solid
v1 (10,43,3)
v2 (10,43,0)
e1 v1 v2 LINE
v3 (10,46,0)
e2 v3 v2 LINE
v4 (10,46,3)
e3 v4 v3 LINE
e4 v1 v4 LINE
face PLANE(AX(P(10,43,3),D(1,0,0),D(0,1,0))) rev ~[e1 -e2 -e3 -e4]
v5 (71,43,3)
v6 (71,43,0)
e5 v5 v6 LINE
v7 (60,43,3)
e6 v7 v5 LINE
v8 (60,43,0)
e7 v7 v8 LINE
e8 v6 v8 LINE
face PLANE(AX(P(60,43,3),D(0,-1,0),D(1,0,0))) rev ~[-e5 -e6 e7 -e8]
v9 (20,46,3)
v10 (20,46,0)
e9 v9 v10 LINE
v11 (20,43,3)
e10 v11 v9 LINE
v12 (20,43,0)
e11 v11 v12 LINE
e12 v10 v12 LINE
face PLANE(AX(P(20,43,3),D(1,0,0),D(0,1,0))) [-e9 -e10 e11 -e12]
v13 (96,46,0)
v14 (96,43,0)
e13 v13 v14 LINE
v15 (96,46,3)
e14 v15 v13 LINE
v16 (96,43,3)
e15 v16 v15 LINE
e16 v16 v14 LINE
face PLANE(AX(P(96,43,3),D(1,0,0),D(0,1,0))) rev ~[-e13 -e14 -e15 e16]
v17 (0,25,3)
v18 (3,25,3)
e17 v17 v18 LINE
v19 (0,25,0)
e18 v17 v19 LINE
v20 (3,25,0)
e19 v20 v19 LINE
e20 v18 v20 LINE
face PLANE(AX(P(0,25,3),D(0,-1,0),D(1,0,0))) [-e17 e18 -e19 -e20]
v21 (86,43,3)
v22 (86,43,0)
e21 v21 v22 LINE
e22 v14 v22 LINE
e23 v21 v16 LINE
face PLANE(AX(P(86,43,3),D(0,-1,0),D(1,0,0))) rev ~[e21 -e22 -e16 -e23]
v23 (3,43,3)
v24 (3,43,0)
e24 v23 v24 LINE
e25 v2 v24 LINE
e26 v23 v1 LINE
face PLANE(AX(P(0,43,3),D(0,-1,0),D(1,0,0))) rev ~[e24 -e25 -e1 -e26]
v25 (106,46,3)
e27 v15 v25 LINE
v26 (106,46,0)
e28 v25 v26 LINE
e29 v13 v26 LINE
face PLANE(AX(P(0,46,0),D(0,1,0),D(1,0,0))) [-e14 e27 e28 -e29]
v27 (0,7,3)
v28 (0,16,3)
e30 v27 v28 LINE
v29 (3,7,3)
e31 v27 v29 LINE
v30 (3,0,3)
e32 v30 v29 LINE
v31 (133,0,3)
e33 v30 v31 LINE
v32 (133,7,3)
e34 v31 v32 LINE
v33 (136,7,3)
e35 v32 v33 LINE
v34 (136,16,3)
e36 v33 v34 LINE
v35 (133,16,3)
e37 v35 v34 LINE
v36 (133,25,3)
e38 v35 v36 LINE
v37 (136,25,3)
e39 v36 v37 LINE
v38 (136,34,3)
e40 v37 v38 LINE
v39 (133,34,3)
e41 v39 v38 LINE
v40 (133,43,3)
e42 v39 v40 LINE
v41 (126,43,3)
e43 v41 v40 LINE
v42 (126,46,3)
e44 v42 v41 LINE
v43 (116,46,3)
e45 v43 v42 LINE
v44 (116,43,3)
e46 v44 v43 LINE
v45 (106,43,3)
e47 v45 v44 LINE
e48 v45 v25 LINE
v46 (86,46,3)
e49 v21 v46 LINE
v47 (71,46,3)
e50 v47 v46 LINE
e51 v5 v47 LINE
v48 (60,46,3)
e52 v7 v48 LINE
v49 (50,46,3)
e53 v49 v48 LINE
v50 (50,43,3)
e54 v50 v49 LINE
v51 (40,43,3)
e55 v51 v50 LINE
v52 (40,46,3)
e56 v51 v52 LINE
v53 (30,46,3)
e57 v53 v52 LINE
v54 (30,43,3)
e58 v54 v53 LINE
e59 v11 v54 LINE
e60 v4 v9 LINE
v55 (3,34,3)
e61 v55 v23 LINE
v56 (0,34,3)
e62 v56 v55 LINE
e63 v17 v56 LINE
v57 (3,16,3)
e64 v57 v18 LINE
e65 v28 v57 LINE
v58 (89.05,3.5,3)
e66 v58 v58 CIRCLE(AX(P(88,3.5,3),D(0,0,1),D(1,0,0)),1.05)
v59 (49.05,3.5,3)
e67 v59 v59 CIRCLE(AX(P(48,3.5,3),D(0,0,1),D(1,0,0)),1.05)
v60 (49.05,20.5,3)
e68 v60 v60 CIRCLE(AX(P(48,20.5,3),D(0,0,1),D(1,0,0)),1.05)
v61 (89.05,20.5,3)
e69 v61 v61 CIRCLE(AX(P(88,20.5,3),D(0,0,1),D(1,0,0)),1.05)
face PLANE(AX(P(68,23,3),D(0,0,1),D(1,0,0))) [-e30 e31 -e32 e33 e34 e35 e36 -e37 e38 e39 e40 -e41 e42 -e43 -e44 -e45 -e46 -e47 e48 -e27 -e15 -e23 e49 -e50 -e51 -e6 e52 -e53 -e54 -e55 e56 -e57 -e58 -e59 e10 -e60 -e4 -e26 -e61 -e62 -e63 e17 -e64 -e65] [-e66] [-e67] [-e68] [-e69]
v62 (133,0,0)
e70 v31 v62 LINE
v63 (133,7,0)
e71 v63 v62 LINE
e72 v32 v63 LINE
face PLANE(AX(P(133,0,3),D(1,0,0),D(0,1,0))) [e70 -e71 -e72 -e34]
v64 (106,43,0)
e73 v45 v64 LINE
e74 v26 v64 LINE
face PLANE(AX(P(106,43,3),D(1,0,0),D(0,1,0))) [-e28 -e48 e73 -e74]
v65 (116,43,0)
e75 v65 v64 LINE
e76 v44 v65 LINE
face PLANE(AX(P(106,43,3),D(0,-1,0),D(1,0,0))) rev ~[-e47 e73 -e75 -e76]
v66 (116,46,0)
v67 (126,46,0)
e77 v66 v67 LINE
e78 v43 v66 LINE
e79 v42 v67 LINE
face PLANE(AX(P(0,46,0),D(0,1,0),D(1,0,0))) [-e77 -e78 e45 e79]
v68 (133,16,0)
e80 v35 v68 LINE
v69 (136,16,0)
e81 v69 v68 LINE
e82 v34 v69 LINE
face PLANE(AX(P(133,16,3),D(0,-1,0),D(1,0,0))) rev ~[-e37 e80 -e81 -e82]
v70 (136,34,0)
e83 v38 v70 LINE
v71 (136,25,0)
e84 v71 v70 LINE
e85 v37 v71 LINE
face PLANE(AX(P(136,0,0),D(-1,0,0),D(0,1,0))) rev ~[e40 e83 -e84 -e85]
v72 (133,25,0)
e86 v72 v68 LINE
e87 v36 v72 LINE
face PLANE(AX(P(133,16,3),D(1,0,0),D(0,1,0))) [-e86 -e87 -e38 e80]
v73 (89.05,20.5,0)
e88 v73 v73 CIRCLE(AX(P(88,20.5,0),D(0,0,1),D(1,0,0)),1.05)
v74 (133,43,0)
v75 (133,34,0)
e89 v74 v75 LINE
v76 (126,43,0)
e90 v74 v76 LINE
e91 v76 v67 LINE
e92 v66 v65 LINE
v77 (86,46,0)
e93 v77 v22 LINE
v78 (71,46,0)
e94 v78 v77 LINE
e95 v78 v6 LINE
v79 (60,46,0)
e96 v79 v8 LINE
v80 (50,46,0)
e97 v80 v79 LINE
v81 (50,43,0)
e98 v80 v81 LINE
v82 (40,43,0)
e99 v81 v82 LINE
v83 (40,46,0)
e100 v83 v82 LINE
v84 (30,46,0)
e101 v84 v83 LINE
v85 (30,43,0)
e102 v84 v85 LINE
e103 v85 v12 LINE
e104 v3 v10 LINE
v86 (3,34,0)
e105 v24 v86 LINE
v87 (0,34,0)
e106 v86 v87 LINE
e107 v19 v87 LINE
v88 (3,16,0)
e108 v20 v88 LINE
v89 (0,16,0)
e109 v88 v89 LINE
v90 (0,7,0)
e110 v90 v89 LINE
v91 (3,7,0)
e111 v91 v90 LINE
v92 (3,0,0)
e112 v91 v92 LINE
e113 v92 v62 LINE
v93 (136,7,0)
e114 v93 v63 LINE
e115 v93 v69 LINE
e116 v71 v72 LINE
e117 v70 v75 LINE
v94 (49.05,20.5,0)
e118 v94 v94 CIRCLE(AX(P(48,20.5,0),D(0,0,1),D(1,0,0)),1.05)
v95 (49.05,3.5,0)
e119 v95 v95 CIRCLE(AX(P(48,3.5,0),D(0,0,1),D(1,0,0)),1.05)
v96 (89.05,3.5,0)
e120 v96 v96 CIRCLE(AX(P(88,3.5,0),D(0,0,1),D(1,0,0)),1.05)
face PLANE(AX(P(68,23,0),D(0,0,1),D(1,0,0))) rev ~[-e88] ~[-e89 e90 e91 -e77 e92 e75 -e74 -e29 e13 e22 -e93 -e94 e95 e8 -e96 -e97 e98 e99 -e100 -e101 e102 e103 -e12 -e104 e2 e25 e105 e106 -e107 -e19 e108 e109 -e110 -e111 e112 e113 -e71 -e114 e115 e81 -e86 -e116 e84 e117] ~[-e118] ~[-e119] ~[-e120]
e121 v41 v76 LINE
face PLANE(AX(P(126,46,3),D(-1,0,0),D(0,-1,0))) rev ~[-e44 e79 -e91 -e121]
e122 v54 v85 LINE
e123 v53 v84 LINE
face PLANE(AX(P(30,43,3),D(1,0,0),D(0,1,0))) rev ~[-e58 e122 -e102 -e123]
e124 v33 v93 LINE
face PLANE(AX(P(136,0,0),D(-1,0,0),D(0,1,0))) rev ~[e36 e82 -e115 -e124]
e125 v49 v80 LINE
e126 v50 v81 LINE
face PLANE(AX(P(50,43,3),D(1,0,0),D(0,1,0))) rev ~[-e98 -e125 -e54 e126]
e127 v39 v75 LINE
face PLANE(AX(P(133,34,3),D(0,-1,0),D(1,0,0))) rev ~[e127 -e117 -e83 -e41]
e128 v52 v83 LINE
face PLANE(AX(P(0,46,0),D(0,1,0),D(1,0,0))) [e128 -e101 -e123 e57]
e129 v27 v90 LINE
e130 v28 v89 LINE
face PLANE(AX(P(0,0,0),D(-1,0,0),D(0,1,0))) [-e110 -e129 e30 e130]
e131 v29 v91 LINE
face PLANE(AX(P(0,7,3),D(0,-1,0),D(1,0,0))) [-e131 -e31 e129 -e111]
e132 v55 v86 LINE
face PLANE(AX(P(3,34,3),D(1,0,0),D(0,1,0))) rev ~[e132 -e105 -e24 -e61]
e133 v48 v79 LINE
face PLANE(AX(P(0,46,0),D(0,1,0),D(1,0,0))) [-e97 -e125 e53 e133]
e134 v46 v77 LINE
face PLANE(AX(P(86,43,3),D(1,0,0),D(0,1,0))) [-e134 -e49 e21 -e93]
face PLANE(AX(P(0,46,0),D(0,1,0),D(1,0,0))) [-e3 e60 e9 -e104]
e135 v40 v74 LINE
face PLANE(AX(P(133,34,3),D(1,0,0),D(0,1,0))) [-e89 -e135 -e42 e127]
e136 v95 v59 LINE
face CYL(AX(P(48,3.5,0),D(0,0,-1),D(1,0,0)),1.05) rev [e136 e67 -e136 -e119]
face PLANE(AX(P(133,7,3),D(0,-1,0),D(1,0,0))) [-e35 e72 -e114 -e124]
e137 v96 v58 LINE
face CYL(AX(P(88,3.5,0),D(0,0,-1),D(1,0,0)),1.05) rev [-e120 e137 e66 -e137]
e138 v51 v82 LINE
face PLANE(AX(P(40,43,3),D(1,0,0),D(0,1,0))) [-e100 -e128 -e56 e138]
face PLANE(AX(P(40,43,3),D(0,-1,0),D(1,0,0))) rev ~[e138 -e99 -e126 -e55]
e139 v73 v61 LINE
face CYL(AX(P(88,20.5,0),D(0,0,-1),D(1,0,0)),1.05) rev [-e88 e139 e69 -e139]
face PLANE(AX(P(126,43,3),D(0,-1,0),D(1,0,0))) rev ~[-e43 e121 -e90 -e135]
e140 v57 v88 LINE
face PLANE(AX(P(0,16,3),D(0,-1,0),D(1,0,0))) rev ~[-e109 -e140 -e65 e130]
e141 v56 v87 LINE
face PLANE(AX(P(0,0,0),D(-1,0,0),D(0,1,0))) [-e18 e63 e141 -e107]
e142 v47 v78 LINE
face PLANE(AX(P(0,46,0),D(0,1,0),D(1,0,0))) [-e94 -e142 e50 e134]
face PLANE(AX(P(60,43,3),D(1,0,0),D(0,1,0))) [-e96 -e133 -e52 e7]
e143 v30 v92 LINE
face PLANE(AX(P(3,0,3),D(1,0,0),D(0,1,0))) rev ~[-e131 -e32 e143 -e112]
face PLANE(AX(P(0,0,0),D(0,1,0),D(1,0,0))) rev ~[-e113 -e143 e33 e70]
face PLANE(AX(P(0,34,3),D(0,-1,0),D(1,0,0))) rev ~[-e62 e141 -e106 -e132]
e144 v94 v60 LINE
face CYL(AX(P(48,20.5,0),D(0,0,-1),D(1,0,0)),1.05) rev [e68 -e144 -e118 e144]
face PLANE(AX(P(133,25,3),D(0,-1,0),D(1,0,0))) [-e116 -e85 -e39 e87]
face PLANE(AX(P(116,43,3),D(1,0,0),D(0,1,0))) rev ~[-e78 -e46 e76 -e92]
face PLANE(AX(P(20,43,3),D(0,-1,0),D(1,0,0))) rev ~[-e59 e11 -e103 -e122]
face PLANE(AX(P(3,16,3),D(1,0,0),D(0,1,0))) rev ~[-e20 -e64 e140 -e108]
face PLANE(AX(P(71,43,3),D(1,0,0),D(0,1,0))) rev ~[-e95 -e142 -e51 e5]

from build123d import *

# Parameters (mm, degrees)
SKETCH1_W           = 136
SKETCH1_H           = 46
SKETCH1_R           = 1.05
BOSS_EXTRUDE1_DEPTH = 3
CUT_EXTRUDE1_REACH  = 5
SKETCH4_W           = 3
SKETCH4_H           = 9
SKETCH4_H_2         = 7
SKETCH4_W_2         = 10
SKETCH4_H_3         = 3
SKETCH4_W_3         = 11


with BuildPart() as part:
    # Sketch1 → Boss-Extrude1 (new body)
    with BuildSketch(Plane.XY):
        with Locations((68, 23)):
            Rectangle(SKETCH1_W, SKETCH1_H)
        with Locations((88, 20.5)):
            Circle(SKETCH1_R, mode=Mode.SUBTRACT)
        with Locations((48, 20.5)):
            Circle(SKETCH1_R, mode=Mode.SUBTRACT)
        with Locations((48, 3.5)):
            Circle(SKETCH1_R, mode=Mode.SUBTRACT)
        with Locations((88, 3.5)):
            Circle(SKETCH1_R, mode=Mode.SUBTRACT)
    extrude(amount=BOSS_EXTRUDE1_DEPTH)

    # Sketch4 → Cut-Extrude1 (cut, up to next)
    with BuildSketch(Plane.XY.offset(3), mode=Mode.PRIVATE) as cut_extrude1_sk1:
        Polygon((0, 46), (0, 43), (3, 43), (10, 43), (10, 46), align=None)
    cut_extrude1_tool1 = extrude(cut_extrude1_sk1.sketch, amount=-CUT_EXTRUDE1_REACH, mode=Mode.PRIVATE) & part.part
    add(cut_extrude1_tool1.solids().sort_by_distance((5, 44.5, 3))[0], mode=Mode.SUBTRACT)
    # Sketch4 → Cut-Extrude1 (cut, up to next)
    with BuildSketch(Plane.XY.offset(3), mode=Mode.PRIVATE) as cut_extrude1_sk2:
        with Locations((1.5, 38.5)):
            Rectangle(SKETCH4_W, SKETCH4_H)
    cut_extrude1_tool2 = extrude(cut_extrude1_sk2.sketch, amount=-CUT_EXTRUDE1_REACH, mode=Mode.PRIVATE) & part.part
    add(cut_extrude1_tool2.solids().sort_by_distance((1.5, 38.5, 3))[0], mode=Mode.SUBTRACT)
    # Sketch4 → Cut-Extrude1 (cut, up to next)
    with BuildSketch(Plane.XY.offset(3), mode=Mode.PRIVATE) as cut_extrude1_sk3:
        with Locations((1.5, 20.5)):
            Rectangle(SKETCH4_W, SKETCH4_H)
    cut_extrude1_tool3 = extrude(cut_extrude1_sk3.sketch, amount=-CUT_EXTRUDE1_REACH, mode=Mode.PRIVATE) & part.part
    add(cut_extrude1_tool3.solids().sort_by_distance((1.5, 20.5, 3))[0], mode=Mode.SUBTRACT)
    # Sketch4 → Cut-Extrude1 (cut, up to next)
    with BuildSketch(Plane.XY.offset(3), mode=Mode.PRIVATE) as cut_extrude1_sk4:
        with Locations((1.5, 3.5)):
            Rectangle(SKETCH4_W, SKETCH4_H_2)
    cut_extrude1_tool4 = extrude(cut_extrude1_sk4.sketch, amount=-CUT_EXTRUDE1_REACH, mode=Mode.PRIVATE) & part.part
    add(cut_extrude1_tool4.solids().sort_by_distance((1.5, 3.5, 3))[0], mode=Mode.SUBTRACT)
    # Sketch4 → Cut-Extrude1 (cut, up to next)
    with BuildSketch(Plane.XY.offset(3), mode=Mode.PRIVATE) as cut_extrude1_sk5:
        with Locations((25, 44.5)):
            Rectangle(SKETCH4_W_2, SKETCH4_H_3)
    cut_extrude1_tool5 = extrude(cut_extrude1_sk5.sketch, amount=-CUT_EXTRUDE1_REACH, mode=Mode.PRIVATE) & part.part
    add(cut_extrude1_tool5.solids().sort_by_distance((25, 44.5, 3))[0], mode=Mode.SUBTRACT)
    # Sketch4 → Cut-Extrude1 (cut, up to next)
    with BuildSketch(Plane.XY.offset(3), mode=Mode.PRIVATE) as cut_extrude1_sk6:
        with Locations((45, 44.5)):
            Rectangle(SKETCH4_W_2, SKETCH4_H_3)
    cut_extrude1_tool6 = extrude(cut_extrude1_sk6.sketch, amount=-CUT_EXTRUDE1_REACH, mode=Mode.PRIVATE) & part.part
    add(cut_extrude1_tool6.solids().sort_by_distance((45, 44.5, 3))[0], mode=Mode.SUBTRACT)
    # Sketch4 → Cut-Extrude1 (cut, up to next)
    with BuildSketch(Plane.XY.offset(3), mode=Mode.PRIVATE) as cut_extrude1_sk7:
        with Locations((65.5, 44.5)):
            Rectangle(SKETCH4_W_3, SKETCH4_H_3)
    cut_extrude1_tool7 = extrude(cut_extrude1_sk7.sketch, amount=-CUT_EXTRUDE1_REACH, mode=Mode.PRIVATE) & part.part
    add(cut_extrude1_tool7.solids().sort_by_distance((65.5, 44.5, 3))[0], mode=Mode.SUBTRACT)
    # Sketch4 → Cut-Extrude1 (cut, up to next)
    with BuildSketch(Plane.XY.offset(3), mode=Mode.PRIVATE) as cut_extrude1_sk8:
        with Locations((91, 44.5)):
            Rectangle(SKETCH4_W_2, SKETCH4_H_3)
    cut_extrude1_tool8 = extrude(cut_extrude1_sk8.sketch, amount=-CUT_EXTRUDE1_REACH, mode=Mode.PRIVATE) & part.part
    add(cut_extrude1_tool8.solids().sort_by_distance((91, 44.5, 3))[0], mode=Mode.SUBTRACT)
    # Sketch4 → Cut-Extrude1 (cut, up to next)
    with BuildSketch(Plane.XY.offset(3), mode=Mode.PRIVATE) as cut_extrude1_sk9:
        with Locations((111, 44.5)):
            Rectangle(SKETCH4_W_2, SKETCH4_H_3)
    cut_extrude1_tool9 = extrude(cut_extrude1_sk9.sketch, amount=-CUT_EXTRUDE1_REACH, mode=Mode.PRIVATE) & part.part
    add(cut_extrude1_tool9.solids().sort_by_distance((111, 44.5, 3))[0], mode=Mode.SUBTRACT)
    # Sketch4 → Cut-Extrude1 (cut, up to next)
    with BuildSketch(Plane.XY.offset(3), mode=Mode.PRIVATE) as cut_extrude1_sk10:
        Polygon((133, 43), (136, 43), (136, 46), (126, 46), (126, 43), align=None)
    cut_extrude1_tool10 = extrude(cut_extrude1_sk10.sketch, amount=-CUT_EXTRUDE1_REACH, mode=Mode.PRIVATE) & part.part
    add(cut_extrude1_tool10.solids().sort_by_distance((131, 44.5, 3))[0], mode=Mode.SUBTRACT)
    # Sketch4 → Cut-Extrude1 (cut, up to next)
    with BuildSketch(Plane.XY.offset(3), mode=Mode.PRIVATE) as cut_extrude1_sk11:
        with Locations((134.5, 38.5)):
            Rectangle(SKETCH4_W, SKETCH4_H)
    cut_extrude1_tool11 = extrude(cut_extrude1_sk11.sketch, amount=-CUT_EXTRUDE1_REACH, mode=Mode.PRIVATE) & part.part
    add(cut_extrude1_tool11.solids().sort_by_distance((134.5, 38.5, 3))[0], mode=Mode.SUBTRACT)
    # Sketch4 → Cut-Extrude1 (cut, up to next)
    with BuildSketch(Plane.XY.offset(3), mode=Mode.PRIVATE) as cut_extrude1_sk12:
        with Locations((134.5, 20.5)):
            Rectangle(SKETCH4_W, SKETCH4_H)
    cut_extrude1_tool12 = extrude(cut_extrude1_sk12.sketch, amount=-CUT_EXTRUDE1_REACH, mode=Mode.PRIVATE) & part.part
    add(cut_extrude1_tool12.solids().sort_by_distance((134.5, 20.5, 3))[0], mode=Mode.SUBTRACT)
    # Sketch4 → Cut-Extrude1 (cut, up to next)
    with BuildSketch(Plane.XY.offset(3), mode=Mode.PRIVATE) as cut_extrude1_sk13:
        with Locations((134.5, 3.5)):
            Rectangle(SKETCH4_W, SKETCH4_H_2)
    cut_extrude1_tool13 = extrude(cut_extrude1_sk13.sketch, amount=-CUT_EXTRUDE1_REACH, mode=Mode.PRIVATE) & part.part
    add(cut_extrude1_tool13.solids().sort_by_distance((134.5, 3.5, 3))[0], mode=Mode.SUBTRACT)


solid = part.part
